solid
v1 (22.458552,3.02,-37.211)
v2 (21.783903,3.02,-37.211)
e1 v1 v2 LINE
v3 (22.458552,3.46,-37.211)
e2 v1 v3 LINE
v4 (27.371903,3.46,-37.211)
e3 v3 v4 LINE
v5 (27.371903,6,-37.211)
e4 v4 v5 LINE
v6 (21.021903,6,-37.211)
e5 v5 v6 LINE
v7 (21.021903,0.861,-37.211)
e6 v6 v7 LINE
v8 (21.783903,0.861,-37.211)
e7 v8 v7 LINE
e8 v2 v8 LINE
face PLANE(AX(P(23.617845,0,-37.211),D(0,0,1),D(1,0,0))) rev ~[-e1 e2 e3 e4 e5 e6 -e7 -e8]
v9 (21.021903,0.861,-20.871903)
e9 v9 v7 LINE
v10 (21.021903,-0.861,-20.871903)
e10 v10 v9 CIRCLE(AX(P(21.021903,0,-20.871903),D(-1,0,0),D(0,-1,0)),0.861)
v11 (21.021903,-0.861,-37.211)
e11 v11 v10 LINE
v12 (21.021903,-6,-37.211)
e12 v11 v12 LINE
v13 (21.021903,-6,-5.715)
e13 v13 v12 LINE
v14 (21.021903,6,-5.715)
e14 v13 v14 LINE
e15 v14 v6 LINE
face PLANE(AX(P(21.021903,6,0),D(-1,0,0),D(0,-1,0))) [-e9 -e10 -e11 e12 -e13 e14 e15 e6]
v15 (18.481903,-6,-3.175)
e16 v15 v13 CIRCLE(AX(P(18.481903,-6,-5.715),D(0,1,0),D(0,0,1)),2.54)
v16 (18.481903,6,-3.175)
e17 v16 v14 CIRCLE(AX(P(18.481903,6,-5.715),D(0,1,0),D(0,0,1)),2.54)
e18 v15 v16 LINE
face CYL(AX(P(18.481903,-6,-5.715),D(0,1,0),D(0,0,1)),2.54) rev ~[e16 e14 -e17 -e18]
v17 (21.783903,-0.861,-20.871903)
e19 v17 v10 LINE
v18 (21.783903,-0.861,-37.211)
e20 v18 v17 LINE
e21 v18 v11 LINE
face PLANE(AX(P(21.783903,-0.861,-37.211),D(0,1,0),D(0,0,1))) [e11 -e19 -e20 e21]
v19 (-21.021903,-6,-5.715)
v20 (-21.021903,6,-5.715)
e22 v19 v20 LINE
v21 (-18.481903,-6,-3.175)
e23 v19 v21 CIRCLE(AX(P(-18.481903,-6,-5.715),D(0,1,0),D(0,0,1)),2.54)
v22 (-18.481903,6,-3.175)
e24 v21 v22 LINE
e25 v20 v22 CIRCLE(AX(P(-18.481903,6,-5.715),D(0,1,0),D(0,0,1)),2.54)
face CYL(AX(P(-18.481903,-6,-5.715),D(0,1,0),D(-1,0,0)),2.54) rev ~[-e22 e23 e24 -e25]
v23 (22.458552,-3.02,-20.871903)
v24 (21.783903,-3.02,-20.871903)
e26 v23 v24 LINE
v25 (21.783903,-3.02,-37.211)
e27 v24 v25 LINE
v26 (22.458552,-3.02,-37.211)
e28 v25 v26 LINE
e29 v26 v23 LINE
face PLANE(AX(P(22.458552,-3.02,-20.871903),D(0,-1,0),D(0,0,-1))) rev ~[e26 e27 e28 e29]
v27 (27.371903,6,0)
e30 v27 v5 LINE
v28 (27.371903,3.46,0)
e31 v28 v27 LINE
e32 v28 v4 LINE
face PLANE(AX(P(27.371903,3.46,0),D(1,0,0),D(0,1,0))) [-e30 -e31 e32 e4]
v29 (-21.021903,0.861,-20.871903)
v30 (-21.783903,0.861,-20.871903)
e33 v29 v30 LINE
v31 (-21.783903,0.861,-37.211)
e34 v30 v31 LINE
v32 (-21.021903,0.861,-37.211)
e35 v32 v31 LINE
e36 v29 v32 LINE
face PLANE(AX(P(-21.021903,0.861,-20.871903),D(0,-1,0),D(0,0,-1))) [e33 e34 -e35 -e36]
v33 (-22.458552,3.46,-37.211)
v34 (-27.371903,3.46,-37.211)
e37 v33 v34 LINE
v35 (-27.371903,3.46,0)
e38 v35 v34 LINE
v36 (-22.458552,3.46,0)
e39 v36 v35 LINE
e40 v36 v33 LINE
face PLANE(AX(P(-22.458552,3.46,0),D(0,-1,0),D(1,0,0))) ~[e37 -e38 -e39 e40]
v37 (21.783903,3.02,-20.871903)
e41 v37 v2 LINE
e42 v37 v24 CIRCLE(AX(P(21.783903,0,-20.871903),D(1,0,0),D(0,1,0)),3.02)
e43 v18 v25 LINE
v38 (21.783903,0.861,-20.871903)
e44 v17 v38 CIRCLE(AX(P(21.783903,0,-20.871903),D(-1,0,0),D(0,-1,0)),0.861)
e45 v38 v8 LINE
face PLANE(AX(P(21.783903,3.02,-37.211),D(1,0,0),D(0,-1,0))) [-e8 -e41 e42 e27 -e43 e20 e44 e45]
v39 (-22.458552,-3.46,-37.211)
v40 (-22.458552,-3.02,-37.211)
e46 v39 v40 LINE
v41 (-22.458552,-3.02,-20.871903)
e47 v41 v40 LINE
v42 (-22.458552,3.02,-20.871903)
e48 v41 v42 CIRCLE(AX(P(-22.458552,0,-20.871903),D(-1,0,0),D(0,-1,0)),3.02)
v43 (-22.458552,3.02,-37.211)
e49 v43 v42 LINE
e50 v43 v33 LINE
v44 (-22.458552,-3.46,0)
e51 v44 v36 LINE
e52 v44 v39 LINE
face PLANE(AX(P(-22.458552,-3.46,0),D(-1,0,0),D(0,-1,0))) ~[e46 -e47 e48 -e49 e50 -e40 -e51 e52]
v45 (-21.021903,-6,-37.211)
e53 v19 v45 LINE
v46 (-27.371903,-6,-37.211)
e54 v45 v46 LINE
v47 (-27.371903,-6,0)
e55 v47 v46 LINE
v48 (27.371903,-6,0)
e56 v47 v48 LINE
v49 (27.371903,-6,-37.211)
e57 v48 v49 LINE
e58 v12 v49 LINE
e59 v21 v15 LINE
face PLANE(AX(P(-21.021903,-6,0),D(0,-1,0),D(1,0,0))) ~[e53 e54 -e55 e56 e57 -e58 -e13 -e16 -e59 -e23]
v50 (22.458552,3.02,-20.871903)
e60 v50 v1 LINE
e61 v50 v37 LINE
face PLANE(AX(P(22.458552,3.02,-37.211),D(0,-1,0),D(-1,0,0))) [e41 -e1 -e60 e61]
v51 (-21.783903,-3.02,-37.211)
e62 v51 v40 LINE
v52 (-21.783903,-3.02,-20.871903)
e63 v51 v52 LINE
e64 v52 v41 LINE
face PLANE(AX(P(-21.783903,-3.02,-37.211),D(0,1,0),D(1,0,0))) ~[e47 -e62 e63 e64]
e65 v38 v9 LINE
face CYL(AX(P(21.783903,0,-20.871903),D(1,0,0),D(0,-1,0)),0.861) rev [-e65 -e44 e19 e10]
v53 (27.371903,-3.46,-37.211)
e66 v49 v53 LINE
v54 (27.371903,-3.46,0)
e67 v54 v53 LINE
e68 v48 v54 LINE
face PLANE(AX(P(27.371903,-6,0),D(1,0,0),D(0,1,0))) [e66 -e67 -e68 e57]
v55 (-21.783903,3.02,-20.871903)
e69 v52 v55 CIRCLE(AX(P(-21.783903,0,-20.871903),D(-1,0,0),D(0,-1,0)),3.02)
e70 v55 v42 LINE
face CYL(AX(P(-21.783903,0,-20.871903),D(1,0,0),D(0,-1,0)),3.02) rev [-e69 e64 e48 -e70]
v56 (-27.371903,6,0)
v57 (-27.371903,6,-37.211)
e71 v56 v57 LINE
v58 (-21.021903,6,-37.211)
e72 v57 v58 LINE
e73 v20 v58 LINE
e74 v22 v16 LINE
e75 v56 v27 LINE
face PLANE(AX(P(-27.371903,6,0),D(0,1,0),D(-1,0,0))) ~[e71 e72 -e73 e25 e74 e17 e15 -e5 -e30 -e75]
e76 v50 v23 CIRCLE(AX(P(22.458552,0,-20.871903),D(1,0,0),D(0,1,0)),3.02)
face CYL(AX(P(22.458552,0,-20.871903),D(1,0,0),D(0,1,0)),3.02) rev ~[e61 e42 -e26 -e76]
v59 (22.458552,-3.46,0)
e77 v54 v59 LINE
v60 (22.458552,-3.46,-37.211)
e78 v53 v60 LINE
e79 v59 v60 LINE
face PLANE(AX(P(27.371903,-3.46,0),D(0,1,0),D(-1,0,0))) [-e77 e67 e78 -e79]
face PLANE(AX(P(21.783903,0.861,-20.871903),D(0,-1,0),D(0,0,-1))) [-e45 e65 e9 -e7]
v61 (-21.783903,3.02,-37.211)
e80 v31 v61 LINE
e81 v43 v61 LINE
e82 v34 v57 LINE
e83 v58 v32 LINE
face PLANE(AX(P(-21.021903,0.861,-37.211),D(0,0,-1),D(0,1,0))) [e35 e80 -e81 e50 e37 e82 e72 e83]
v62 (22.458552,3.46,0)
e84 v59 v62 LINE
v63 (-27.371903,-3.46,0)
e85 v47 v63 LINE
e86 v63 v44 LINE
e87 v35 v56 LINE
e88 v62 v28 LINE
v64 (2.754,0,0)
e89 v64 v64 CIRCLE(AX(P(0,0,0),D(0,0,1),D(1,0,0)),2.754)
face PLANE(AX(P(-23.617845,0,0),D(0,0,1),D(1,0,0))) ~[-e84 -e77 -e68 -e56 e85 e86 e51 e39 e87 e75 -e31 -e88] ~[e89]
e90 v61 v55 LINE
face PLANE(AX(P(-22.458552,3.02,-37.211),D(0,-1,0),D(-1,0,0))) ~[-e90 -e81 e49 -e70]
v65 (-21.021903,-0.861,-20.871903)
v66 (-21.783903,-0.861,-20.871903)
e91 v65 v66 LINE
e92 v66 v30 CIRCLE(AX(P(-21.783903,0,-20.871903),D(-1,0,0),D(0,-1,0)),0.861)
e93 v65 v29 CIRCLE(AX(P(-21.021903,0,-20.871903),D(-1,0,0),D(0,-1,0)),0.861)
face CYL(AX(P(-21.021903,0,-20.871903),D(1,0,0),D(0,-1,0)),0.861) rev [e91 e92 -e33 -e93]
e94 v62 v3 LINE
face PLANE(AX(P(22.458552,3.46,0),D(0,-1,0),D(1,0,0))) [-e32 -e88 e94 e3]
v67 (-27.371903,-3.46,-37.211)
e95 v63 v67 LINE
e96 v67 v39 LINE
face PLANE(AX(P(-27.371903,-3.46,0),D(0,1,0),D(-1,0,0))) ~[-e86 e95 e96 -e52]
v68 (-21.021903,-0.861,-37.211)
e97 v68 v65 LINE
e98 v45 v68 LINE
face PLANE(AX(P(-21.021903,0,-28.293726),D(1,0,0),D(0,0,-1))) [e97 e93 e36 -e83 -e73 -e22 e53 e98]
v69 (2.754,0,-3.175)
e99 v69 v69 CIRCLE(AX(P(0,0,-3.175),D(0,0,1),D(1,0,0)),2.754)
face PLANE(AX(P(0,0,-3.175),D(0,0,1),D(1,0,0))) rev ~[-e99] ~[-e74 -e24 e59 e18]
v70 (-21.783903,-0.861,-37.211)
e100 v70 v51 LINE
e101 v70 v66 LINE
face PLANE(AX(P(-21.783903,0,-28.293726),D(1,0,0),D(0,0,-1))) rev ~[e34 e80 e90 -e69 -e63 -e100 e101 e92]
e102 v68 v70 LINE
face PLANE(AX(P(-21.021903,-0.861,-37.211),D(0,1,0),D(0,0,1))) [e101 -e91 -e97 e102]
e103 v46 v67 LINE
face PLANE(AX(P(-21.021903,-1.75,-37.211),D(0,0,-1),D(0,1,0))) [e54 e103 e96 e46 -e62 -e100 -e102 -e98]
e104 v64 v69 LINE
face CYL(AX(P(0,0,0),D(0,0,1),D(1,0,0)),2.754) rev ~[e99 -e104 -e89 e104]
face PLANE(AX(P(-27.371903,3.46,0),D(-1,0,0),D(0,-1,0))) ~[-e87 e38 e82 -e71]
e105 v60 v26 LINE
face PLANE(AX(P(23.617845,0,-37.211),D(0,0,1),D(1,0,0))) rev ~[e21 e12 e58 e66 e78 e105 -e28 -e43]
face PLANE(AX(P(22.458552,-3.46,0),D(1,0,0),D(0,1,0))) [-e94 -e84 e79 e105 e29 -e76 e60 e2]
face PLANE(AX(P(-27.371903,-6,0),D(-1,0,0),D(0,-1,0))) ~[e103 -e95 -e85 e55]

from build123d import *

# Parameters (mm, degrees)
SKETCH1_W           = 42.04380551
SKETCH1_H           = 12
SKETCH1_R           = 2.754
BOSS_EXTRUDE1_DEPTH = 3.175
BOSS_EXTRUDE2_DEPTH = 37.211
CUT_EXTRUDE1_DEPTH  = 63.479858345
CUT_EXTRUDE2_DEPTH  = 0.67464881
CUT_EXTRUDE3_START  = -0.67464881
CUT_EXTRUDE3_DEPTH  = 0.67464881
FILLET1_R           = 2.54
CUT_EXTRUDE4_DEPTH  = 9.906
BOSS_EXTRUDE3_DEPTH = 0.762
BOSS_EXTRUDE4_START = -0.762
BOSS_EXTRUDE4_DEPTH = 0.762


with BuildPart() as part:
    # Sketch1 → Boss-Extrude1 (new body)
    with BuildSketch(Plane.XY):
        Rectangle(SKETCH1_W, SKETCH1_H)
        Circle(SKETCH1_R, mode=Mode.SUBTRACT)
    extrude(amount=-BOSS_EXTRUDE1_DEPTH)

    # Sketch2 → Boss-Extrude2 (add)
    with BuildSketch(Plane.XY):
        Polygon((27.371902755, 3.46), (27.371902755, 6), (21.021902755, 6), (21.021902755, -6), (27.371902755, -6), (27.371902755, -3.46), (22.458551565, -3.46), (22.458551565, 3.46), align=None)
    boss_extrude2 = extrude(amount=-BOSS_EXTRUDE2_DEPTH)

    # Mirror1: Boss-Extrude2 across plane
    add(boss_extrude2.mirror(Plane(origin=(0, 0, 0), x_dir=(0, 0, 1), z_dir=(1, 0, 0))))

    # Sketch3 → Cut-Extrude1 (cut, through all)
    with BuildSketch(Plane(origin=(22.458551565, 0, 0), x_dir=(0, 0, -1), z_dir=(1, 0, 0))):
        with BuildLine():
            Line((31.771902755, 1.75), (20.871902755, 1.75))
            ThreePointArc((20.871902755, 1.75), (19.121902755, 0), (20.871902755, -1.75))
            Line((20.871902755, -1.75), (31.771902755, -1.75))
            ThreePointArc((31.771902755, -1.75), (33.521902755, 0), (31.771902755, 1.75))
        make_face()
    extrude(amount=-CUT_EXTRUDE1_DEPTH, mode=Mode.SUBTRACT)

    # Sketch4 → Cut-Extrude2 (cut)
    with BuildSketch(Plane(origin=(22.458551565, 0, 0), x_dir=(0, 0, -1), z_dir=(1, 0, 0))):
        with BuildLine():
            Line((31.771902755, 3.02), (20.871902755, 3.02))
            ThreePointArc((20.871902755, 3.02), (17.851902755, 0), (20.871902755, -3.02))
            Line((20.871902755, -3.02), (31.771902755, -3.02))
            ThreePointArc((31.771902755, -3.02), (34.791902755, 0), (31.771902755, 3.02))
        make_face()
    extrude(amount=-CUT_EXTRUDE2_DEPTH, mode=Mode.SUBTRACT)

    # Sketch5 → Cut-Extrude3 (cut)
    with BuildSketch(Plane.ZY.offset(22.458551565).offset(CUT_EXTRUDE3_START)):
        with BuildLine():
            Line((-20.871902755, 3.02), (-31.771902755, 3.02))
            ThreePointArc((-31.771902755, 3.02), (-34.791902755, 0), (-31.771902755, -3.02))
            Line((-31.771902755, -3.02), (-20.871902755, -3.02))
            ThreePointArc((-20.871902755, -3.02), (-17.851902755, 0), (-20.871902755, 3.02))
        make_face()
    extrude(amount=CUT_EXTRUDE3_DEPTH, mode=Mode.SUBTRACT)

    # Fillet1
    fillet1_edges = [part.edges().sort_by_distance(p)[0] for p in [
        (-21.021902755, 0, -3.175),
        (21.021902755, 0, -3.175),
    ]]
    fillet(fillet1_edges, radius=FILLET1_R)

    # Sketch6 → Cut-Extrude4 (cut)
    with BuildSketch(Plane(origin=(0, 0, -37.211), x_dir=(-1, 0, 0), z_dir=(0, 0, -1))):
        Polygon((-21.783902755, -3.02), (-22.458551565, -3.02), (-22.458551565, 3.02), (-21.783902755, 3.02), (-21.783902755, 1.75), (-21.021902755, 1.75), (-21.021902755, -1.75), (-21.783902755, -1.75), align=None)
    cut_extrude4 = extrude(amount=-CUT_EXTRUDE4_DEPTH, mode=Mode.SUBTRACT)

    # Mirror2: Cut-Extrude4 across plane
    add(cut_extrude4.mirror(Plane(origin=(0, 0, 0), x_dir=(0, 0, 1), z_dir=(1, 0, 0))), mode=Mode.SUBTRACT)

    # Sketch8 → Boss-Extrude3 (add)
    with BuildSketch(Plane(origin=(-21.021902755, 0, 0), x_dir=(0, 0, -1), z_dir=(1, 0, 0))):
        with BuildLine():
            Line((20.871902755, 0.861), (37.211, 0.861))
            Line((37.211, 0.861), (37.211, 1.75))
            Line((37.211, 1.75), (20.871902755, 1.75))
            ThreePointArc((20.871902755, 1.75), (19.121902755, 0), (20.871902755, -1.75))
            Line((20.871902755, -1.75), (37.211, -1.75))
            Line((37.211, -1.75), (37.211, -0.861))
            Line((37.211, -0.861), (20.871902755, -0.861))
            ThreePointArc((20.871902755, -0.861), (20.010902755, 0), (20.871902755, 0.861))
        make_face()
    extrude(amount=-BOSS_EXTRUDE3_DEPTH)

    # Sketch9 → Boss-Extrude4 (add)
    with BuildSketch(Plane.ZY.offset(-21.021902755).offset(BOSS_EXTRUDE4_START)):
        with BuildLine():
            Line((-20.871902755, -3.02), (-37.211, -3.02))
            Line((-37.211, -3.02), (-37.211, -0.861))
            Line((-37.211, -0.861), (-20.871902755, -0.861))
            ThreePointArc((-20.871902755, -0.861), (-20.010902755, 0), (-20.871902755, 0.861))
            Line((-20.871902755, 0.861), (-37.211, 0.861))
            Line((-37.211, 0.861), (-37.211, 3.02))
            Line((-37.211, 3.02), (-20.871902755, 3.02))
            ThreePointArc((-20.871902755, 3.02), (-17.851902755, 0), (-20.871902755, -3.02))
        make_face()
    extrude(amount=BOSS_EXTRUDE4_DEPTH)


solid = part.part
